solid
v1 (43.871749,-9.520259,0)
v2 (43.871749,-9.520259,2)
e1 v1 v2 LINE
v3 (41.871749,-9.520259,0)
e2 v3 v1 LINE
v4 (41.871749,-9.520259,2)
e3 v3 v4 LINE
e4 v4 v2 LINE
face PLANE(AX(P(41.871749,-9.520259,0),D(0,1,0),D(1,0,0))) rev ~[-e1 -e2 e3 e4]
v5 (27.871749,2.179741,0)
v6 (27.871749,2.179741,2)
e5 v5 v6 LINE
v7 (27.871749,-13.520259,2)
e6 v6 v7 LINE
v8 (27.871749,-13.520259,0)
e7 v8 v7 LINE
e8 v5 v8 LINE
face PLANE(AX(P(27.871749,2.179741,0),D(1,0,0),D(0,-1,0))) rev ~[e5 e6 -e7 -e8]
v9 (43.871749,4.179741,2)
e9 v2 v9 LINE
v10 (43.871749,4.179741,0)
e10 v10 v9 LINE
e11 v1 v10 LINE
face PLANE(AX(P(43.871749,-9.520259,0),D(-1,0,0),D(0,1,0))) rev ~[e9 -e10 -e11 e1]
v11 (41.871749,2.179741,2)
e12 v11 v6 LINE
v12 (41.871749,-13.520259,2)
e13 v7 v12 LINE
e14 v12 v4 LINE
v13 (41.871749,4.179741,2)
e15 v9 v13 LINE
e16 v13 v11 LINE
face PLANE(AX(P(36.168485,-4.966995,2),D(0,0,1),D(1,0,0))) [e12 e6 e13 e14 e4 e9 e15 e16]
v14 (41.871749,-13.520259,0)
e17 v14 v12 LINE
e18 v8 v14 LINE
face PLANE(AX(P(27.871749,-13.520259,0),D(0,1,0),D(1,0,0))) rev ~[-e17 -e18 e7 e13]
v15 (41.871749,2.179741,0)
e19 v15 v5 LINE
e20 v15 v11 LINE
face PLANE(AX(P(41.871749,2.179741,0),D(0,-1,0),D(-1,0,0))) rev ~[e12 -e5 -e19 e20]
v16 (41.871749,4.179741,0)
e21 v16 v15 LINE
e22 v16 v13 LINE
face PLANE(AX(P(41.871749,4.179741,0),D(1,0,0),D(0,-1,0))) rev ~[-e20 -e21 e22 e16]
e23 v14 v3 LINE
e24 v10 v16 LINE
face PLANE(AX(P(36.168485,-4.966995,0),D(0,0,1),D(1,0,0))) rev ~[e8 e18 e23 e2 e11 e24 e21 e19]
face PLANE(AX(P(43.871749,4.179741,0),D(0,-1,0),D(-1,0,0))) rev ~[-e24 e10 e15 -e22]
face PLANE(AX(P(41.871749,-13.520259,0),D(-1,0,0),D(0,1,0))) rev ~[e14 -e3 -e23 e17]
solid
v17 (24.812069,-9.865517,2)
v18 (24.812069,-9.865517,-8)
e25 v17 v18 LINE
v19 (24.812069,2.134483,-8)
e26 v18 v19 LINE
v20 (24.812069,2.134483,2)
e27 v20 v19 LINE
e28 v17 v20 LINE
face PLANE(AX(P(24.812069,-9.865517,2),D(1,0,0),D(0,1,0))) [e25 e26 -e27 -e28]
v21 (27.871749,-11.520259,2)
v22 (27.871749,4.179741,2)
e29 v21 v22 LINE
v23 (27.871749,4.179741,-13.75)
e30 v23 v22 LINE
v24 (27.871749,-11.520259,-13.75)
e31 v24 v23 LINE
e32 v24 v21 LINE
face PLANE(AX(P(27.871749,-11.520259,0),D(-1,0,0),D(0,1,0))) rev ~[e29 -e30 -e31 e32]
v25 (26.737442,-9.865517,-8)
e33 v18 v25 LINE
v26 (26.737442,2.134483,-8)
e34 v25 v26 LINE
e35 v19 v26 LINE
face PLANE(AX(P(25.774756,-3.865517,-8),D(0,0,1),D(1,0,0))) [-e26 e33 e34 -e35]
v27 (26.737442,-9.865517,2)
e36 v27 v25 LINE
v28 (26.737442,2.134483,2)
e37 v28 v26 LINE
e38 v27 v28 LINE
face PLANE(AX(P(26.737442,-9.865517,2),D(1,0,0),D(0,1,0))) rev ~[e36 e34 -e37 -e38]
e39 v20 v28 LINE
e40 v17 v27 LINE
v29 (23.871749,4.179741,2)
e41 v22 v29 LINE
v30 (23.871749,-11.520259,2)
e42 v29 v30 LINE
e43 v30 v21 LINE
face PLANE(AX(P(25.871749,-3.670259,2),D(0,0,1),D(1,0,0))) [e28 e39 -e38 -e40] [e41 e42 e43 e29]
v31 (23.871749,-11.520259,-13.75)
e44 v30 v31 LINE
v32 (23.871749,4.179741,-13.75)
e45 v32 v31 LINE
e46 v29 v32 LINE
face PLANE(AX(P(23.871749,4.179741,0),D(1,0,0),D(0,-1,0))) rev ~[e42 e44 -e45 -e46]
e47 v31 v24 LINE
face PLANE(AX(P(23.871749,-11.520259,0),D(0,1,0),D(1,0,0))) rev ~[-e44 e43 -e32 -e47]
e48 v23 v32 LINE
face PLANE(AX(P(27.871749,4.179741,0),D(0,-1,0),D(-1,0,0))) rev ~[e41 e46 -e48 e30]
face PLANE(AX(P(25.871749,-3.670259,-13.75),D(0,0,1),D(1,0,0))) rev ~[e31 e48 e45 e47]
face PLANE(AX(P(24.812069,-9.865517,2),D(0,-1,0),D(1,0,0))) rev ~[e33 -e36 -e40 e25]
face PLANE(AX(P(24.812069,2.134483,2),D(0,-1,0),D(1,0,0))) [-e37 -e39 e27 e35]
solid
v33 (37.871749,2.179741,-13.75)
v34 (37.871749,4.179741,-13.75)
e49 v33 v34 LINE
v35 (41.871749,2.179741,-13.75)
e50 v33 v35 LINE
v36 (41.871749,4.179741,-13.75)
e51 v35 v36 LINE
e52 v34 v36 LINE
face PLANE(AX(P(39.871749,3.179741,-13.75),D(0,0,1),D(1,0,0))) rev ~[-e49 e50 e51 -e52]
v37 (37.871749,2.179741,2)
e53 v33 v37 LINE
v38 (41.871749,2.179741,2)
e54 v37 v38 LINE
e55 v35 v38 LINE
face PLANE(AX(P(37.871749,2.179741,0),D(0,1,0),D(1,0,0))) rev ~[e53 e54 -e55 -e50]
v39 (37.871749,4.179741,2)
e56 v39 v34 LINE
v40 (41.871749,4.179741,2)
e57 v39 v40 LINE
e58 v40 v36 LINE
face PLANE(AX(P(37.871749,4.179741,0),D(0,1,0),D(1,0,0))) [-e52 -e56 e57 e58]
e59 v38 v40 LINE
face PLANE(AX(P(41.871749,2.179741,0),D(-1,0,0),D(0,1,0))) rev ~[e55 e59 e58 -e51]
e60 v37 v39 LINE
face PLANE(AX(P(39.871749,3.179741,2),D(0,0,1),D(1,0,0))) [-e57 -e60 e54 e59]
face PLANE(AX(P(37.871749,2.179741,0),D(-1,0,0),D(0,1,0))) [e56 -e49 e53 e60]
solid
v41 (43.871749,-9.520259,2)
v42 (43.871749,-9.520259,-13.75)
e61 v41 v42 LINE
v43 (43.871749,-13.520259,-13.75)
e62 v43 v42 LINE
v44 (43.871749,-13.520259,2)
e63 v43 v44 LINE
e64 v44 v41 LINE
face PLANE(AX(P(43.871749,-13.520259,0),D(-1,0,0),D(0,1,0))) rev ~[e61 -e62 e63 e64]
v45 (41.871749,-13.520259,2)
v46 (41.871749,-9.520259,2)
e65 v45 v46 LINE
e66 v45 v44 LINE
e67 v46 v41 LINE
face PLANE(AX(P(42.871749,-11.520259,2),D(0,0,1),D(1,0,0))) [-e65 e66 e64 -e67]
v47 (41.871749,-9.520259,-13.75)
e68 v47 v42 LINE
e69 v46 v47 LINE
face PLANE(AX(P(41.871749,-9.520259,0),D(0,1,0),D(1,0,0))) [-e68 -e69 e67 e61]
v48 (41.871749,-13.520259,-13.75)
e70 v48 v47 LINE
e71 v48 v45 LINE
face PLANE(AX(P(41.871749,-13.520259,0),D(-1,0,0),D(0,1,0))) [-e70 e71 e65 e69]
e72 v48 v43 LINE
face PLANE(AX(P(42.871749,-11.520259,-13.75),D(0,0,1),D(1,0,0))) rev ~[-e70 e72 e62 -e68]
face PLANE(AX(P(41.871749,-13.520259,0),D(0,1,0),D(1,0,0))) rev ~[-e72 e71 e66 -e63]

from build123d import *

# Parameters (mm, degrees)
F0_W          = 2
F0_H          = 4
F1_DEPTH      = 13.75
F1_DEPTH_BACK = 2
F2_DEPTH      = 2
F0_W_2        = 4
F0_H_2        = 2
F3_DEPTH      = 13.75
F3_DEPTH_BACK = 2
F4_DEPTH      = 13.75
F4_DEPTH_BACK = 2
F5_W          = 1.9253734684
F5_H          = 12
F6_DEPTH      = 10


with BuildPart() as f1:
    # F0 (on Top) → F1 (new body, two sides)
    with BuildSketch(Plane.XY) as f1_sk:
        with Locations((42.8717488647, -11.5202588253)):
            Rectangle(F0_W, F0_H)
    extrude(amount=-F1_DEPTH)
    extrude(f1_sk.sketch, amount=F1_DEPTH_BACK)


with BuildPart() as f2:
    # F0 (on Top) → F2 (new body)
    with BuildSketch(Plane.XY):
        Polygon((27.8717488647, -13.5202588253), (41.8717488647, -13.5202588253), (41.8717488647, -9.5202588253), (43.8717488647, -9.5202588253), (43.8717488647, 4.1797411747), (41.8717488647, 4.1797411747), (41.8717488647, 2.1797411747), (37.8717488647, 2.1797411747), (27.8717488647, 2.1797411747), (27.8717488647, -11.5202588253), align=None)
    extrude(amount=F2_DEPTH)


with BuildPart() as f3:
    # F0 (on Top) → F3 (new body, two sides)
    with BuildSketch(Plane.XY) as f3_sk:
        with Locations((39.8717488647, 3.1797411747)):
            Rectangle(F0_W_2, F0_H_2)
    extrude(amount=-F3_DEPTH)
    extrude(f3_sk.sketch, amount=F3_DEPTH_BACK)


with BuildPart() as f4:
    # F0 (on Top) → F4 (new body, two sides)
    with BuildSketch(Plane.XY) as f4_sk:
        Polygon((23.8717488647, -11.5202588253), (27.8717488647, -11.5202588253), (27.8717488647, 2.1797411747), (27.8717488647, 4.1797411747), (23.8717488647, 4.1797411747), align=None)
    extrude(amount=-F4_DEPTH)
    extrude(f4_sk.sketch, amount=F4_DEPTH_BACK)

    # F5 (on face) → F6 (cut)
    with BuildSketch(Plane.XY.offset(2)):
        with Locations((25.7747555152, -3.8655172102)):
            Rectangle(F5_W, F5_H)
    extrude(amount=-F6_DEPTH, mode=Mode.SUBTRACT)


solid = Compound([f1.part, f2.part, f3.part, f4.part])
